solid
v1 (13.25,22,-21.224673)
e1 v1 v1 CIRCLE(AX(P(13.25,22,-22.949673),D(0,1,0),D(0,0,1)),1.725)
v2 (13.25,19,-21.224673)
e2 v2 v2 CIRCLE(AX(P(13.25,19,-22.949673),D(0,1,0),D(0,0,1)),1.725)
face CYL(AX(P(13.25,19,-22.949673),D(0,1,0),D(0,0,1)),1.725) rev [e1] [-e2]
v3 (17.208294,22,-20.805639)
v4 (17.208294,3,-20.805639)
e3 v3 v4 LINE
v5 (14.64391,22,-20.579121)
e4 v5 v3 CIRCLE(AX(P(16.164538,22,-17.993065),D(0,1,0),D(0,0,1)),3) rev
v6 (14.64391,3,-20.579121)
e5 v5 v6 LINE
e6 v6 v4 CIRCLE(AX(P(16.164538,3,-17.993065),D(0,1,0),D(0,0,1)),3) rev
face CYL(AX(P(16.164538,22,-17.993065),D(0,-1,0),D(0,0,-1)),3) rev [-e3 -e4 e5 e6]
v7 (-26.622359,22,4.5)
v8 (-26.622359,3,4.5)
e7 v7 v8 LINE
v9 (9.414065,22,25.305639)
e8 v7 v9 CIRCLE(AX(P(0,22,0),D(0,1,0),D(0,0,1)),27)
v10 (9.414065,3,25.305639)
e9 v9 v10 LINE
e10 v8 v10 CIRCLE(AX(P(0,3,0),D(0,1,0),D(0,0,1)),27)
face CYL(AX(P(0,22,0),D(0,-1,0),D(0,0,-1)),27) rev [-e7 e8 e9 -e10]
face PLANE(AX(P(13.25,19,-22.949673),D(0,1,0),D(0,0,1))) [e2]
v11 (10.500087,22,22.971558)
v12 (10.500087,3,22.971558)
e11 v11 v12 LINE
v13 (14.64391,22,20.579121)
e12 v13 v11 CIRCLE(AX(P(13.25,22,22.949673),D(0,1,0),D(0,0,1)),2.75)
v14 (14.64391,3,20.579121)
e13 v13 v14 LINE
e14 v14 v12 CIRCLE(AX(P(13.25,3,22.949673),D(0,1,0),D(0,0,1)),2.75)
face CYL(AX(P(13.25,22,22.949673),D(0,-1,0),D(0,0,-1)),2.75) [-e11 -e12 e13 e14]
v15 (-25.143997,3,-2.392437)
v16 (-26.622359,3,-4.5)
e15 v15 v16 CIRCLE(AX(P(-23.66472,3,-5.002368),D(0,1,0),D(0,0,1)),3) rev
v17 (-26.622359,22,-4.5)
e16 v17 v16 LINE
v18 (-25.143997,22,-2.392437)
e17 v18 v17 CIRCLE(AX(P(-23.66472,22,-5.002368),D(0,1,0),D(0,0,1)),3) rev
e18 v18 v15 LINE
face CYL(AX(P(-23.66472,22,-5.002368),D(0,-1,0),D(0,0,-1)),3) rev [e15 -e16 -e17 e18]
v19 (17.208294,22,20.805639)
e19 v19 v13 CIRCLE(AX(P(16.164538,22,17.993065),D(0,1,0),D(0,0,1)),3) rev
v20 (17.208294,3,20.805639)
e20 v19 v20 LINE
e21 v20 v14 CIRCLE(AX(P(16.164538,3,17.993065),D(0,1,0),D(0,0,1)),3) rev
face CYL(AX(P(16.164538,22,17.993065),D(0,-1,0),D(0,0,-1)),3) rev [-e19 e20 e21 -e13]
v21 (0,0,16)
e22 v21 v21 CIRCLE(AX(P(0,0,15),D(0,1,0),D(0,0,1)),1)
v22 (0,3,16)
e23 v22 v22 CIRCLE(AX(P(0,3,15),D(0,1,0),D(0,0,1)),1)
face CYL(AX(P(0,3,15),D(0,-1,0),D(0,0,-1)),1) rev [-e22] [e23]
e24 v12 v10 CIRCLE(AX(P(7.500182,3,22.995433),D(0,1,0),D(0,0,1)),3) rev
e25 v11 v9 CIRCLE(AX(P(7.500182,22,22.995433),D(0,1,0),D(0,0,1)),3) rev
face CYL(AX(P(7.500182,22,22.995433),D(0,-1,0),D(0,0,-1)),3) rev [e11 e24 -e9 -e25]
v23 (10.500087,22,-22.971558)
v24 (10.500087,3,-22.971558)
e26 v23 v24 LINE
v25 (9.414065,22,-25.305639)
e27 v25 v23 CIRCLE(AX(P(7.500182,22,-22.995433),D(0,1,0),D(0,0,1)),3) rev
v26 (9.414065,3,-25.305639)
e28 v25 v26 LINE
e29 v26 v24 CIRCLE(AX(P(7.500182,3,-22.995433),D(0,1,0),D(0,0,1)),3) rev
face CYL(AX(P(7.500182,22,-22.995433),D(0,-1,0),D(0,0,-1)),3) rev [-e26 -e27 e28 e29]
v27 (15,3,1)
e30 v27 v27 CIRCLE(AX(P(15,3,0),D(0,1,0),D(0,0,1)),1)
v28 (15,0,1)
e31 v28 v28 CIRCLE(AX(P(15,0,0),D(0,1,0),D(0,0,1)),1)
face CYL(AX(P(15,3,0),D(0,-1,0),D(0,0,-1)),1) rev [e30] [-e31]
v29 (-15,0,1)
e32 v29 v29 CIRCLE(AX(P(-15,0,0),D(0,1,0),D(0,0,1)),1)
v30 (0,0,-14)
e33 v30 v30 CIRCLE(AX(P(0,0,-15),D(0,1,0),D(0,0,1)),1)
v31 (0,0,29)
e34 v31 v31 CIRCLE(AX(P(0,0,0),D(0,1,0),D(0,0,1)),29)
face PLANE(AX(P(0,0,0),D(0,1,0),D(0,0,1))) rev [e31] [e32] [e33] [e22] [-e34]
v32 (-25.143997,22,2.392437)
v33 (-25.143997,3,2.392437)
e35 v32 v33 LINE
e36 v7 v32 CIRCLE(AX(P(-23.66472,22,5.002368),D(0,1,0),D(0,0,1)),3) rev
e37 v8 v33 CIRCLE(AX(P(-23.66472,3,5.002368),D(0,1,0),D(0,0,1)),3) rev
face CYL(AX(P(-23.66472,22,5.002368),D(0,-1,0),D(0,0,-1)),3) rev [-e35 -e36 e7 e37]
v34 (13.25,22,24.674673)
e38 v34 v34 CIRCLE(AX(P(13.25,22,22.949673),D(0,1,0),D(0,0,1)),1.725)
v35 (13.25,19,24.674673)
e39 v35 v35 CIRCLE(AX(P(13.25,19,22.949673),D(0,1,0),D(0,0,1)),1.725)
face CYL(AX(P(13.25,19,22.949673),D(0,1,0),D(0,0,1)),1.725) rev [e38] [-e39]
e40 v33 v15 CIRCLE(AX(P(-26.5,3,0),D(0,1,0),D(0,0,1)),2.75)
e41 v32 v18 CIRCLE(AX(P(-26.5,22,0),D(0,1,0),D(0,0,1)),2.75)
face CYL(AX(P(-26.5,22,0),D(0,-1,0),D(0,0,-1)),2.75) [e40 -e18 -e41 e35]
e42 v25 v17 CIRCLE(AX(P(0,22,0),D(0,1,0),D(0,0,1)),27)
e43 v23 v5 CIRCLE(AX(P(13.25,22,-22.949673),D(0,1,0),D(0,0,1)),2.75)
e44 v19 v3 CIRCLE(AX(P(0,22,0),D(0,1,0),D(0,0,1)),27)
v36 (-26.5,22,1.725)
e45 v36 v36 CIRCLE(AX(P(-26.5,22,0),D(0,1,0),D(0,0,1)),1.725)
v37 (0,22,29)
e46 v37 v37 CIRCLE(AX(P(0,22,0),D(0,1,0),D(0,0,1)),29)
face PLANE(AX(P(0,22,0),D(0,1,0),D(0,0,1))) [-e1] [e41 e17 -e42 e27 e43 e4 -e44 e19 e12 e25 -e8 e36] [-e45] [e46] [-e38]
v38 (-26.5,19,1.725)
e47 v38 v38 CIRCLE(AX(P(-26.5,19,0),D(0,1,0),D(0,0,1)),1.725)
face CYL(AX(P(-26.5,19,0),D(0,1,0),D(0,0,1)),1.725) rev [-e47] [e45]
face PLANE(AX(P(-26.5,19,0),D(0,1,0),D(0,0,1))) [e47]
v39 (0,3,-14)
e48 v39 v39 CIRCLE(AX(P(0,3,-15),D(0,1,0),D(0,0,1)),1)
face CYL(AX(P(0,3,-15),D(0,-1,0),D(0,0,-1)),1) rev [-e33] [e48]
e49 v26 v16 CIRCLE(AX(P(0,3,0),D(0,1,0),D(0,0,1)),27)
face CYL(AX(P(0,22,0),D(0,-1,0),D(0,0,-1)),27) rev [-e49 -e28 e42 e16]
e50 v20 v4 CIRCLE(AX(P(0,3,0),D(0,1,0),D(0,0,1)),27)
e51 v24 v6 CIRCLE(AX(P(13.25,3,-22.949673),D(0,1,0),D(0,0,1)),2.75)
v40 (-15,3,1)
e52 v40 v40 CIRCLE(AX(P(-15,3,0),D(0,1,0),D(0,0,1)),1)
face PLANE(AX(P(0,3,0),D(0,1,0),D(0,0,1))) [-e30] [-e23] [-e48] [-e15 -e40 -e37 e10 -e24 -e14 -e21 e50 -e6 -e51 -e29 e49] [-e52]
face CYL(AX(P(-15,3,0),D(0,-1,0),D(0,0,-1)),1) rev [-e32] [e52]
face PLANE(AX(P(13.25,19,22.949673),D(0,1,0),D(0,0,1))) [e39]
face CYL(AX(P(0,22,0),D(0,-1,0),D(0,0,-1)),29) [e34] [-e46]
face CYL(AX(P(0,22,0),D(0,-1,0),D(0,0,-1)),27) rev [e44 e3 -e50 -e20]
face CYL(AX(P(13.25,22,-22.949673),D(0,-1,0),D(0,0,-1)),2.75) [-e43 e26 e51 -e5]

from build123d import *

# Parameters (mm, degrees)
SKETCH1_R           = 29
BOSS_EXTRUDE1_DEPTH = 22
SKETCH1_5_R         = 1
BOSS_EXTRUDE2_DEPTH = 3
CUT_EXTRUDE1_START  = 22
SKETCH1_6_R         = 1.725
CUT_EXTRUDE1_DEPTH  = 3


with BuildPart() as part:
    # Sketch1 → Boss-Extrude1 (new body)
    with BuildSketch(Plane(origin=(0, 0, 0), x_dir=(1, 0, 0), z_dir=(0, 1, 0))):
        with Locations(Location((0, 0, 0), (0, 0, 270))):
            Circle(SKETCH1_R)
        with BuildLine():
            ThreePointArc((9.414065195, 25.305639223), (-13.5, 23.382685902), (-26.622359024, 4.5))
            ThreePointArc((-26.622359024, 4.5), (-26.120735258, 3.279582529), (-25.143996734, 2.392437072))
            ThreePointArc((-25.143996734, 2.392437072), (-23.75, 0), (-25.143996734, -2.392437072))
            ThreePointArc((-25.143996734, -2.392437072), (-26.120735258, -3.279582529), (-26.622359024, -4.5))
            ThreePointArc((-26.622359024, -4.5), (-13.5, -23.382685902), (9.414065195, -25.305639223))
            ThreePointArc((9.414065195, -25.305639223), (10.220165845, -24.261011563), (10.500087086, -22.971558461))
            ThreePointArc((10.500087086, -22.971558461), (11.875, -20.56810334), (14.643909648, -20.579121389))
            ThreePointArc((14.643909648, -20.579121389), (15.900569413, -20.981429034), (17.208293829, -20.805639223))
            ThreePointArc((17.208293829, -20.805639223), (27, 0), (17.208293829, 20.805639223))
            ThreePointArc((17.208293829, 20.805639223), (15.900569413, 20.981429034), (14.643909648, 20.579121389))
            ThreePointArc((14.643909648, 20.579121389), (11.875, 20.56810334), (10.500087086, 22.971558461))
            ThreePointArc((10.500087086, 22.971558461), (10.220165845, 24.261011563), (9.414065195, 25.305639223))
        make_face(mode=Mode.SUBTRACT)
    extrude(amount=BOSS_EXTRUDE1_DEPTH)

    # Sketch1<5> → Boss-Extrude2 (add)
    with BuildSketch(Plane(origin=(0, 0, 0), x_dir=(1, 0, 0), z_dir=(0, 1, 0))):
        with BuildLine():
            ThreePointArc((-26.622359024, -4.5), (-26.120735258, -3.279582529), (-25.143996734, -2.392437072))
            ThreePointArc((-25.143996734, -2.392437072), (-23.75, 0), (-25.143996734, 2.392437072))
            ThreePointArc((-25.143996734, 2.392437072), (-26.120735258, 3.279582529), (-26.622359024, 4.5))
            ThreePointArc((-26.622359024, 4.5), (-13.5, 23.382685902), (9.414065195, 25.305639223))
            ThreePointArc((9.414065195, 25.305639223), (10.220165845, 24.261011563), (10.500087086, 22.971558461))
            ThreePointArc((10.500087086, 22.971558461), (11.875, 20.56810334), (14.643909648, 20.579121389))
            ThreePointArc((14.643909648, 20.579121389), (15.900569413, 20.981429034), (17.208293829, 20.805639223))
            ThreePointArc((17.208293829, 20.805639223), (27, 0), (17.208293829, -20.805639223))
            ThreePointArc((17.208293829, -20.805639223), (15.900569413, -20.981429034), (14.643909648, -20.579121389))
            ThreePointArc((14.643909648, -20.579121389), (11.875, -20.56810334), (10.500087086, -22.971558461))
            ThreePointArc((10.500087086, -22.971558461), (10.220165845, -24.261011563), (9.414065195, -25.305639223))
            ThreePointArc((9.414065195, -25.305639223), (-13.5, -23.382685902), (-26.622359024, -4.5))
        make_face()
        with Locations(Location((0, 15, 0), (0, 0, 270))):
            Circle(SKETCH1_5_R, mode=Mode.SUBTRACT)
        with Locations(Location((15, 0, 0), (0, 0, 270))):
            Circle(SKETCH1_5_R, mode=Mode.SUBTRACT)
        with Locations(Location((0, -15, 0), (0, 0, 270))):
            Circle(SKETCH1_5_R, mode=Mode.SUBTRACT)
        with Locations(Location((-15, 0, 0), (0, 0, 270))):
            Circle(SKETCH1_5_R, mode=Mode.SUBTRACT)
    extrude(amount=BOSS_EXTRUDE2_DEPTH)

    # Sketch1<6> → Cut-Extrude1 (cut)
    with BuildSketch(Plane(origin=(0, 0, 0), x_dir=(1, 0, 0), z_dir=(0, 1, 0)).offset(CUT_EXTRUDE1_START)):
        with Locations(Location((13.25, 22.9496732, 0), (0, 0, 270))):
            Circle(SKETCH1_6_R)
        with Locations(Location((13.25, -22.9496732, 0), (0, 0, 270))):
            Circle(SKETCH1_6_R)
        with Locations(Location((-26.5, 0, 0), (0, 0, 270))):
            Circle(SKETCH1_6_R)
    extrude(amount=-CUT_EXTRUDE1_DEPTH, mode=Mode.SUBTRACT)


solid = part.part
